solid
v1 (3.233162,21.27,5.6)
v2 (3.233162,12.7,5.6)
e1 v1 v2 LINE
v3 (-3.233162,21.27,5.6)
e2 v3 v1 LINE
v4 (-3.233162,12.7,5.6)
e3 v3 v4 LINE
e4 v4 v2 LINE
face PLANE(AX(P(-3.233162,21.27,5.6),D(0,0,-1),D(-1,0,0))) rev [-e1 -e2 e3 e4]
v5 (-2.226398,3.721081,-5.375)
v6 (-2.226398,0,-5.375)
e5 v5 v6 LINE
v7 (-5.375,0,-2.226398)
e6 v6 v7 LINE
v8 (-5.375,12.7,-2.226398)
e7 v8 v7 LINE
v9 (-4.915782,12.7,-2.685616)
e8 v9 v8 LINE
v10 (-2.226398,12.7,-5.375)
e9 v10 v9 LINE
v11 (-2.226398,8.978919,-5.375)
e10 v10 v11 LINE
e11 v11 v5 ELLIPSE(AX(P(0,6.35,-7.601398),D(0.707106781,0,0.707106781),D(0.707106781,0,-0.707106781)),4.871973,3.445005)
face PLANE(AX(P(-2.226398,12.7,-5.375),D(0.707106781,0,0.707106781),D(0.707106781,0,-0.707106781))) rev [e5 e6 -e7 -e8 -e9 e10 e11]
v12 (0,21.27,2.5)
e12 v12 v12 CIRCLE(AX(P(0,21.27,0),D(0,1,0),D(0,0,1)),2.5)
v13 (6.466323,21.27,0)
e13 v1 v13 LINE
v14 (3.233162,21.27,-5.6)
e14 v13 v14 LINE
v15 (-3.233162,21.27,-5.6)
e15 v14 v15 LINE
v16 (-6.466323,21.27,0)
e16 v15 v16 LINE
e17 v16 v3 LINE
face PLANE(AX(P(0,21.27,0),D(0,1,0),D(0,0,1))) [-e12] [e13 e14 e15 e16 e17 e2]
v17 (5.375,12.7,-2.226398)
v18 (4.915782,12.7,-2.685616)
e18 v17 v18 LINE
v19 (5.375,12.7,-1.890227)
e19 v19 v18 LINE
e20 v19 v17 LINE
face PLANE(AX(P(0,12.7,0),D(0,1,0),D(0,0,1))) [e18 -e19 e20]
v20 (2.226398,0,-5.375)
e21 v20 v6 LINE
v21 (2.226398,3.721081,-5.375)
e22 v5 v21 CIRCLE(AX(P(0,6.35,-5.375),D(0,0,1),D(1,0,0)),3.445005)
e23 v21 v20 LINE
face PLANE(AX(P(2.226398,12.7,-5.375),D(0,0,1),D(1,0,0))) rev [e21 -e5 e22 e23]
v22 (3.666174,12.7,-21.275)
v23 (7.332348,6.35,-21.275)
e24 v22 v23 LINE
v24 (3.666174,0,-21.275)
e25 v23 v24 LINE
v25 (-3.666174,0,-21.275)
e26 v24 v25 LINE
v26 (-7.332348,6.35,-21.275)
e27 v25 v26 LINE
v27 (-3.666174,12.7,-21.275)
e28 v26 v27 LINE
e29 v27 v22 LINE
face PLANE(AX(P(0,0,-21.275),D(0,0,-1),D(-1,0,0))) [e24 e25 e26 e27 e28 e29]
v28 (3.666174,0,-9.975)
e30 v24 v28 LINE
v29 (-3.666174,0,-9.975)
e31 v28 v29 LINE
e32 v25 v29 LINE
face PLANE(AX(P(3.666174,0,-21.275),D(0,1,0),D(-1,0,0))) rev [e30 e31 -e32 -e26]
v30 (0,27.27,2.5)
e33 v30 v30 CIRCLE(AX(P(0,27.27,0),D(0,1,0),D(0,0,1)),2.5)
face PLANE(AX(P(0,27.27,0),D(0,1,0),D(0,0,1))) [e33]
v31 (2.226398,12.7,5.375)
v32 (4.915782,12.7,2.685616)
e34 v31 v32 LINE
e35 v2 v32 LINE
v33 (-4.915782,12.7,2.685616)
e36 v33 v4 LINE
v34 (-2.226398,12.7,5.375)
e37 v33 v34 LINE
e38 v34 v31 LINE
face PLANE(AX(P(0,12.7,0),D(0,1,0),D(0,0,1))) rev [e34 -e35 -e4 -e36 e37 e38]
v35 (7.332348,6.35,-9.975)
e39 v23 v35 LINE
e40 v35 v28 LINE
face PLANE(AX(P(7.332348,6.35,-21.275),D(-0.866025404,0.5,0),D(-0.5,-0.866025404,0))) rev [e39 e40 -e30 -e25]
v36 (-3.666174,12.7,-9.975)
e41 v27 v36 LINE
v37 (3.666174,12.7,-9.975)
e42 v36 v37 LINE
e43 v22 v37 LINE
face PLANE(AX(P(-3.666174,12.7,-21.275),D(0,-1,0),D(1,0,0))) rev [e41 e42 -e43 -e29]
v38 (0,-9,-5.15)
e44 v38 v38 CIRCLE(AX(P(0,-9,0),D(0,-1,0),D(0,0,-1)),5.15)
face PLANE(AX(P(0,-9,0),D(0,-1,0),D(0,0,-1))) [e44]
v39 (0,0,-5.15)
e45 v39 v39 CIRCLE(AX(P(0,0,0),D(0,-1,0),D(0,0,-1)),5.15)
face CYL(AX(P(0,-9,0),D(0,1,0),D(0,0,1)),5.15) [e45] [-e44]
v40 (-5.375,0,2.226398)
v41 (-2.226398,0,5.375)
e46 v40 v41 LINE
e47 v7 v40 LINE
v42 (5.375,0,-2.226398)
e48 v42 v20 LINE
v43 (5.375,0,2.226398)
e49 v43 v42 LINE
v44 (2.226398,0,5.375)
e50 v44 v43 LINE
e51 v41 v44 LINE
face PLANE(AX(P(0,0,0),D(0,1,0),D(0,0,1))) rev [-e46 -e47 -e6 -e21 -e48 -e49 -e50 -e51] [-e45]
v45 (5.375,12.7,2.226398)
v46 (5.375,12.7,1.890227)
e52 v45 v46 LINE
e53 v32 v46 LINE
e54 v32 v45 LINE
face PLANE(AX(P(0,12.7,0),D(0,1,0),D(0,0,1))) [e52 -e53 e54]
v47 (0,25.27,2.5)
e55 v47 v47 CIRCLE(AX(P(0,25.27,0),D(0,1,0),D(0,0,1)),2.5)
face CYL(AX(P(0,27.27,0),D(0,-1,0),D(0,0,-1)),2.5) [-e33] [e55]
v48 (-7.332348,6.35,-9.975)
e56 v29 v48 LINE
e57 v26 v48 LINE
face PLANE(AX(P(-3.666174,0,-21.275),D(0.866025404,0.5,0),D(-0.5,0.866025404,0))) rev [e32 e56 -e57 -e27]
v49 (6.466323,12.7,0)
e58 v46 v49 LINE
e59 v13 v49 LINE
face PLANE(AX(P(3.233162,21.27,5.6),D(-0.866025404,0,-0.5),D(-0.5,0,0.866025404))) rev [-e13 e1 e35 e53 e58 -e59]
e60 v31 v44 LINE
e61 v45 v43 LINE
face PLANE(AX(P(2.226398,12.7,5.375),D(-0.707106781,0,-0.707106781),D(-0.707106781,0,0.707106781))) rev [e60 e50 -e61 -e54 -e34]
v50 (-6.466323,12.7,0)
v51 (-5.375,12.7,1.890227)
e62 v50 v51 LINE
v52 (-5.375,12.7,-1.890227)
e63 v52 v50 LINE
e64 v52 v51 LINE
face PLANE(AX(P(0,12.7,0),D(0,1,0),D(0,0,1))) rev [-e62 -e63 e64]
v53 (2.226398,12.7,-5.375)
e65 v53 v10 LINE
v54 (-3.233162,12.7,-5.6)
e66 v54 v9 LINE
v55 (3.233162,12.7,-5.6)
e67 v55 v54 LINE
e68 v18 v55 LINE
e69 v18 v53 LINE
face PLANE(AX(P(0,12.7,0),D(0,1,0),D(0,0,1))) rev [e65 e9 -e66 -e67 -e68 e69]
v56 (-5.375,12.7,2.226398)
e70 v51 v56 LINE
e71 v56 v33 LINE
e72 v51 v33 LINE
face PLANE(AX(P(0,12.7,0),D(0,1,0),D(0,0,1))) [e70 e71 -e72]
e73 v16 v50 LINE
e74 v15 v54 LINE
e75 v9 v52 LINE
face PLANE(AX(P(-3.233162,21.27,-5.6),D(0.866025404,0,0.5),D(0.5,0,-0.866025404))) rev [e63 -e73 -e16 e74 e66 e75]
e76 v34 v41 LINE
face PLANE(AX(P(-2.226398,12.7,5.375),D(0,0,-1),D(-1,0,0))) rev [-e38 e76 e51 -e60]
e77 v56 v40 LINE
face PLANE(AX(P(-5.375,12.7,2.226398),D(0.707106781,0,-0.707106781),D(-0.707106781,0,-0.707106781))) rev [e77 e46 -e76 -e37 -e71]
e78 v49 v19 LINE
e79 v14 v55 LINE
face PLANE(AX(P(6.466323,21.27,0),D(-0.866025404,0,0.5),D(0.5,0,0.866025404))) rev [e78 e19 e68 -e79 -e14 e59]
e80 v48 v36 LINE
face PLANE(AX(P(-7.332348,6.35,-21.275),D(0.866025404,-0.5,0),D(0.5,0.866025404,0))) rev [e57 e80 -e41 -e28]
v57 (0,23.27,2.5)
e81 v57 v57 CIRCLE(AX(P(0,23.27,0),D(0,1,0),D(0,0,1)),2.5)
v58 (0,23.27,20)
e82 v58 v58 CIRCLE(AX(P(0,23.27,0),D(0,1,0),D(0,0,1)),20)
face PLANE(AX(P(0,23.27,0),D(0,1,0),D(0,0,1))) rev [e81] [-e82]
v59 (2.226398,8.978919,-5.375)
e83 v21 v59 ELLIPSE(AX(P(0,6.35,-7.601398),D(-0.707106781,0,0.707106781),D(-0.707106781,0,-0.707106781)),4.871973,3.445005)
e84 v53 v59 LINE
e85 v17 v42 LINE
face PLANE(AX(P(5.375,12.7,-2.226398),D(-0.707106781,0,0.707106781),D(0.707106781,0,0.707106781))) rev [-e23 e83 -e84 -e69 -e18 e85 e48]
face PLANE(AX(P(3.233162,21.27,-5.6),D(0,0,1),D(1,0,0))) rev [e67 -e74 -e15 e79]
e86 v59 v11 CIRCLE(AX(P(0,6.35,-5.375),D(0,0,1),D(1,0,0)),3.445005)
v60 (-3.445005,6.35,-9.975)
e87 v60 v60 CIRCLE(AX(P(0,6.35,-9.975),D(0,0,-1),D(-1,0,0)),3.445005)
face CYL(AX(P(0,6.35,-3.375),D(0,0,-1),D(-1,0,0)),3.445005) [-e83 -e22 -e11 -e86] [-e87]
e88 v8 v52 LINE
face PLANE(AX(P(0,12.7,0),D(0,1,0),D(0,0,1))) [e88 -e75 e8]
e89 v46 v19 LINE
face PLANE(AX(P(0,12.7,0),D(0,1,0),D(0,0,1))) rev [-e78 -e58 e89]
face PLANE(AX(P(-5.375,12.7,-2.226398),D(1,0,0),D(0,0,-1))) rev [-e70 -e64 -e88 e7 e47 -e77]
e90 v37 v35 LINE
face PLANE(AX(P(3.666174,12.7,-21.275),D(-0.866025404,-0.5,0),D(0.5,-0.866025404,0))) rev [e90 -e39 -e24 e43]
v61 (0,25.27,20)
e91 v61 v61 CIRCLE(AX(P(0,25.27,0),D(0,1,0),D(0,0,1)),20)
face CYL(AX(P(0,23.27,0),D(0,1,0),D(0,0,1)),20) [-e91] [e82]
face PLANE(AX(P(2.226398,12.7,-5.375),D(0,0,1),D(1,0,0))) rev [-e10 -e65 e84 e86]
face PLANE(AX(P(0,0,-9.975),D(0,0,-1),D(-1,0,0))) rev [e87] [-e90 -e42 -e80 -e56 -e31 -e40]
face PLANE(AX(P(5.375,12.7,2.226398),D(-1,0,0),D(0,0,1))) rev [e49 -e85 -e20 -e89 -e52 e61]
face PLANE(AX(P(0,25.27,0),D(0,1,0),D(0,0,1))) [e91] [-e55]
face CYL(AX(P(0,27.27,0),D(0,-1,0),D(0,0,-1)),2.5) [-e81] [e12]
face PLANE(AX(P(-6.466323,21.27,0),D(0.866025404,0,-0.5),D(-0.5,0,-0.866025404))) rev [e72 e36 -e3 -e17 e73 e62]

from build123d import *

# Parameters (mm, degrees)
BOSS_EXTRUDE1_DEPTH      = 12.7
SKETCH2_R                = 3.445005279
BOSS_EXTRUDE2_DEPTH      = 4.6
BOSS_EXTRUDE2_DEPTH_BACK = 2
BOSS_EXTRUDE3_DEPTH      = 11.3
SKETCH4_R                = 5.15
BOSS_EXTRUDE4_DEPTH      = 9
BOSS_EXTRUDE5_DEPTH      = 8.57
SKETCH6_R                = 2.5
BOSS_EXTRUDE6_DEPTH      = 6
BOSS_EXTRUDE7_START      = -2
SKETCH7_R                = 20
BOSS_EXTRUDE7_DEPTH      = 2


with BuildPart() as part:
    # Sketch1 → Boss-Extrude1 (new body)
    with BuildSketch(Plane(origin=(0, 0, 0), x_dir=(1, 0, 0), z_dir=(0, 1, 0))):
        Polygon((-2.226397898, -5.375), (2.226397898, -5.375), (5.375, -2.226397898), (5.375, 2.226397898), (2.226397898, 5.375), (-2.226397898, 5.375), (-5.375, 2.226397898), (-5.375, -2.226397898), align=None)
    extrude(amount=BOSS_EXTRUDE1_DEPTH)

    # Sketch2 → Boss-Extrude2 (add, two sides)
    with BuildSketch(Plane(origin=(0, 0, -5.375), x_dir=(-1, 0, 0), z_dir=(0, 0, -1))) as boss_extrude2_sk:
        with Locations((0, 6.35)):
            Circle(SKETCH2_R)
    extrude(amount=BOSS_EXTRUDE2_DEPTH)
    extrude(boss_extrude2_sk.sketch, amount=-BOSS_EXTRUDE2_DEPTH_BACK)

    # Sketch3 → Boss-Extrude3 (add)
    with BuildSketch(Plane(origin=(0, 0, -9.975), x_dir=(-1, 0, 0), z_dir=(0, 0, -1))):
        Polygon((7.332348419, 6.35), (3.666174209, 12.7), (-3.666174209, 12.7), (-7.332348419, 6.35), (-3.666174209, 0), (3.666174209, 0), align=None)
    extrude(amount=BOSS_EXTRUDE3_DEPTH)

    # Sketch4 → Boss-Extrude4 (add)
    with BuildSketch(Plane.XZ):
        Circle(SKETCH4_R)
    extrude(amount=BOSS_EXTRUDE4_DEPTH)

    # Sketch5 → Boss-Extrude5 (add)
    with BuildSketch(Plane(origin=(0, 12.7, 0), x_dir=(1, 0, 0), z_dir=(0, 1, 0))):
        Polygon((6.466323015, 0), (3.233161507, 5.6), (-3.233161507, 5.6), (-6.466323015, 0), (-3.233161507, -5.6), (3.233161507, -5.6), align=None)
    extrude(amount=BOSS_EXTRUDE5_DEPTH)

    # Sketch6 → Boss-Extrude6 (add)
    with BuildSketch(Plane(origin=(0, 21.27, 0), x_dir=(1, 0, 0), z_dir=(0, 1, 0))):
        Circle(SKETCH6_R)
    extrude(amount=BOSS_EXTRUDE6_DEPTH)

    # Sketch7 → Boss-Extrude7 (add)
    with BuildSketch(Plane(origin=(0, 27.27, 0), x_dir=(1, 0, 0), z_dir=(0, 1, 0)).offset(BOSS_EXTRUDE7_START)):
        Circle(SKETCH7_R)
    extrude(amount=-BOSS_EXTRUDE7_DEPTH)


solid = part.part
